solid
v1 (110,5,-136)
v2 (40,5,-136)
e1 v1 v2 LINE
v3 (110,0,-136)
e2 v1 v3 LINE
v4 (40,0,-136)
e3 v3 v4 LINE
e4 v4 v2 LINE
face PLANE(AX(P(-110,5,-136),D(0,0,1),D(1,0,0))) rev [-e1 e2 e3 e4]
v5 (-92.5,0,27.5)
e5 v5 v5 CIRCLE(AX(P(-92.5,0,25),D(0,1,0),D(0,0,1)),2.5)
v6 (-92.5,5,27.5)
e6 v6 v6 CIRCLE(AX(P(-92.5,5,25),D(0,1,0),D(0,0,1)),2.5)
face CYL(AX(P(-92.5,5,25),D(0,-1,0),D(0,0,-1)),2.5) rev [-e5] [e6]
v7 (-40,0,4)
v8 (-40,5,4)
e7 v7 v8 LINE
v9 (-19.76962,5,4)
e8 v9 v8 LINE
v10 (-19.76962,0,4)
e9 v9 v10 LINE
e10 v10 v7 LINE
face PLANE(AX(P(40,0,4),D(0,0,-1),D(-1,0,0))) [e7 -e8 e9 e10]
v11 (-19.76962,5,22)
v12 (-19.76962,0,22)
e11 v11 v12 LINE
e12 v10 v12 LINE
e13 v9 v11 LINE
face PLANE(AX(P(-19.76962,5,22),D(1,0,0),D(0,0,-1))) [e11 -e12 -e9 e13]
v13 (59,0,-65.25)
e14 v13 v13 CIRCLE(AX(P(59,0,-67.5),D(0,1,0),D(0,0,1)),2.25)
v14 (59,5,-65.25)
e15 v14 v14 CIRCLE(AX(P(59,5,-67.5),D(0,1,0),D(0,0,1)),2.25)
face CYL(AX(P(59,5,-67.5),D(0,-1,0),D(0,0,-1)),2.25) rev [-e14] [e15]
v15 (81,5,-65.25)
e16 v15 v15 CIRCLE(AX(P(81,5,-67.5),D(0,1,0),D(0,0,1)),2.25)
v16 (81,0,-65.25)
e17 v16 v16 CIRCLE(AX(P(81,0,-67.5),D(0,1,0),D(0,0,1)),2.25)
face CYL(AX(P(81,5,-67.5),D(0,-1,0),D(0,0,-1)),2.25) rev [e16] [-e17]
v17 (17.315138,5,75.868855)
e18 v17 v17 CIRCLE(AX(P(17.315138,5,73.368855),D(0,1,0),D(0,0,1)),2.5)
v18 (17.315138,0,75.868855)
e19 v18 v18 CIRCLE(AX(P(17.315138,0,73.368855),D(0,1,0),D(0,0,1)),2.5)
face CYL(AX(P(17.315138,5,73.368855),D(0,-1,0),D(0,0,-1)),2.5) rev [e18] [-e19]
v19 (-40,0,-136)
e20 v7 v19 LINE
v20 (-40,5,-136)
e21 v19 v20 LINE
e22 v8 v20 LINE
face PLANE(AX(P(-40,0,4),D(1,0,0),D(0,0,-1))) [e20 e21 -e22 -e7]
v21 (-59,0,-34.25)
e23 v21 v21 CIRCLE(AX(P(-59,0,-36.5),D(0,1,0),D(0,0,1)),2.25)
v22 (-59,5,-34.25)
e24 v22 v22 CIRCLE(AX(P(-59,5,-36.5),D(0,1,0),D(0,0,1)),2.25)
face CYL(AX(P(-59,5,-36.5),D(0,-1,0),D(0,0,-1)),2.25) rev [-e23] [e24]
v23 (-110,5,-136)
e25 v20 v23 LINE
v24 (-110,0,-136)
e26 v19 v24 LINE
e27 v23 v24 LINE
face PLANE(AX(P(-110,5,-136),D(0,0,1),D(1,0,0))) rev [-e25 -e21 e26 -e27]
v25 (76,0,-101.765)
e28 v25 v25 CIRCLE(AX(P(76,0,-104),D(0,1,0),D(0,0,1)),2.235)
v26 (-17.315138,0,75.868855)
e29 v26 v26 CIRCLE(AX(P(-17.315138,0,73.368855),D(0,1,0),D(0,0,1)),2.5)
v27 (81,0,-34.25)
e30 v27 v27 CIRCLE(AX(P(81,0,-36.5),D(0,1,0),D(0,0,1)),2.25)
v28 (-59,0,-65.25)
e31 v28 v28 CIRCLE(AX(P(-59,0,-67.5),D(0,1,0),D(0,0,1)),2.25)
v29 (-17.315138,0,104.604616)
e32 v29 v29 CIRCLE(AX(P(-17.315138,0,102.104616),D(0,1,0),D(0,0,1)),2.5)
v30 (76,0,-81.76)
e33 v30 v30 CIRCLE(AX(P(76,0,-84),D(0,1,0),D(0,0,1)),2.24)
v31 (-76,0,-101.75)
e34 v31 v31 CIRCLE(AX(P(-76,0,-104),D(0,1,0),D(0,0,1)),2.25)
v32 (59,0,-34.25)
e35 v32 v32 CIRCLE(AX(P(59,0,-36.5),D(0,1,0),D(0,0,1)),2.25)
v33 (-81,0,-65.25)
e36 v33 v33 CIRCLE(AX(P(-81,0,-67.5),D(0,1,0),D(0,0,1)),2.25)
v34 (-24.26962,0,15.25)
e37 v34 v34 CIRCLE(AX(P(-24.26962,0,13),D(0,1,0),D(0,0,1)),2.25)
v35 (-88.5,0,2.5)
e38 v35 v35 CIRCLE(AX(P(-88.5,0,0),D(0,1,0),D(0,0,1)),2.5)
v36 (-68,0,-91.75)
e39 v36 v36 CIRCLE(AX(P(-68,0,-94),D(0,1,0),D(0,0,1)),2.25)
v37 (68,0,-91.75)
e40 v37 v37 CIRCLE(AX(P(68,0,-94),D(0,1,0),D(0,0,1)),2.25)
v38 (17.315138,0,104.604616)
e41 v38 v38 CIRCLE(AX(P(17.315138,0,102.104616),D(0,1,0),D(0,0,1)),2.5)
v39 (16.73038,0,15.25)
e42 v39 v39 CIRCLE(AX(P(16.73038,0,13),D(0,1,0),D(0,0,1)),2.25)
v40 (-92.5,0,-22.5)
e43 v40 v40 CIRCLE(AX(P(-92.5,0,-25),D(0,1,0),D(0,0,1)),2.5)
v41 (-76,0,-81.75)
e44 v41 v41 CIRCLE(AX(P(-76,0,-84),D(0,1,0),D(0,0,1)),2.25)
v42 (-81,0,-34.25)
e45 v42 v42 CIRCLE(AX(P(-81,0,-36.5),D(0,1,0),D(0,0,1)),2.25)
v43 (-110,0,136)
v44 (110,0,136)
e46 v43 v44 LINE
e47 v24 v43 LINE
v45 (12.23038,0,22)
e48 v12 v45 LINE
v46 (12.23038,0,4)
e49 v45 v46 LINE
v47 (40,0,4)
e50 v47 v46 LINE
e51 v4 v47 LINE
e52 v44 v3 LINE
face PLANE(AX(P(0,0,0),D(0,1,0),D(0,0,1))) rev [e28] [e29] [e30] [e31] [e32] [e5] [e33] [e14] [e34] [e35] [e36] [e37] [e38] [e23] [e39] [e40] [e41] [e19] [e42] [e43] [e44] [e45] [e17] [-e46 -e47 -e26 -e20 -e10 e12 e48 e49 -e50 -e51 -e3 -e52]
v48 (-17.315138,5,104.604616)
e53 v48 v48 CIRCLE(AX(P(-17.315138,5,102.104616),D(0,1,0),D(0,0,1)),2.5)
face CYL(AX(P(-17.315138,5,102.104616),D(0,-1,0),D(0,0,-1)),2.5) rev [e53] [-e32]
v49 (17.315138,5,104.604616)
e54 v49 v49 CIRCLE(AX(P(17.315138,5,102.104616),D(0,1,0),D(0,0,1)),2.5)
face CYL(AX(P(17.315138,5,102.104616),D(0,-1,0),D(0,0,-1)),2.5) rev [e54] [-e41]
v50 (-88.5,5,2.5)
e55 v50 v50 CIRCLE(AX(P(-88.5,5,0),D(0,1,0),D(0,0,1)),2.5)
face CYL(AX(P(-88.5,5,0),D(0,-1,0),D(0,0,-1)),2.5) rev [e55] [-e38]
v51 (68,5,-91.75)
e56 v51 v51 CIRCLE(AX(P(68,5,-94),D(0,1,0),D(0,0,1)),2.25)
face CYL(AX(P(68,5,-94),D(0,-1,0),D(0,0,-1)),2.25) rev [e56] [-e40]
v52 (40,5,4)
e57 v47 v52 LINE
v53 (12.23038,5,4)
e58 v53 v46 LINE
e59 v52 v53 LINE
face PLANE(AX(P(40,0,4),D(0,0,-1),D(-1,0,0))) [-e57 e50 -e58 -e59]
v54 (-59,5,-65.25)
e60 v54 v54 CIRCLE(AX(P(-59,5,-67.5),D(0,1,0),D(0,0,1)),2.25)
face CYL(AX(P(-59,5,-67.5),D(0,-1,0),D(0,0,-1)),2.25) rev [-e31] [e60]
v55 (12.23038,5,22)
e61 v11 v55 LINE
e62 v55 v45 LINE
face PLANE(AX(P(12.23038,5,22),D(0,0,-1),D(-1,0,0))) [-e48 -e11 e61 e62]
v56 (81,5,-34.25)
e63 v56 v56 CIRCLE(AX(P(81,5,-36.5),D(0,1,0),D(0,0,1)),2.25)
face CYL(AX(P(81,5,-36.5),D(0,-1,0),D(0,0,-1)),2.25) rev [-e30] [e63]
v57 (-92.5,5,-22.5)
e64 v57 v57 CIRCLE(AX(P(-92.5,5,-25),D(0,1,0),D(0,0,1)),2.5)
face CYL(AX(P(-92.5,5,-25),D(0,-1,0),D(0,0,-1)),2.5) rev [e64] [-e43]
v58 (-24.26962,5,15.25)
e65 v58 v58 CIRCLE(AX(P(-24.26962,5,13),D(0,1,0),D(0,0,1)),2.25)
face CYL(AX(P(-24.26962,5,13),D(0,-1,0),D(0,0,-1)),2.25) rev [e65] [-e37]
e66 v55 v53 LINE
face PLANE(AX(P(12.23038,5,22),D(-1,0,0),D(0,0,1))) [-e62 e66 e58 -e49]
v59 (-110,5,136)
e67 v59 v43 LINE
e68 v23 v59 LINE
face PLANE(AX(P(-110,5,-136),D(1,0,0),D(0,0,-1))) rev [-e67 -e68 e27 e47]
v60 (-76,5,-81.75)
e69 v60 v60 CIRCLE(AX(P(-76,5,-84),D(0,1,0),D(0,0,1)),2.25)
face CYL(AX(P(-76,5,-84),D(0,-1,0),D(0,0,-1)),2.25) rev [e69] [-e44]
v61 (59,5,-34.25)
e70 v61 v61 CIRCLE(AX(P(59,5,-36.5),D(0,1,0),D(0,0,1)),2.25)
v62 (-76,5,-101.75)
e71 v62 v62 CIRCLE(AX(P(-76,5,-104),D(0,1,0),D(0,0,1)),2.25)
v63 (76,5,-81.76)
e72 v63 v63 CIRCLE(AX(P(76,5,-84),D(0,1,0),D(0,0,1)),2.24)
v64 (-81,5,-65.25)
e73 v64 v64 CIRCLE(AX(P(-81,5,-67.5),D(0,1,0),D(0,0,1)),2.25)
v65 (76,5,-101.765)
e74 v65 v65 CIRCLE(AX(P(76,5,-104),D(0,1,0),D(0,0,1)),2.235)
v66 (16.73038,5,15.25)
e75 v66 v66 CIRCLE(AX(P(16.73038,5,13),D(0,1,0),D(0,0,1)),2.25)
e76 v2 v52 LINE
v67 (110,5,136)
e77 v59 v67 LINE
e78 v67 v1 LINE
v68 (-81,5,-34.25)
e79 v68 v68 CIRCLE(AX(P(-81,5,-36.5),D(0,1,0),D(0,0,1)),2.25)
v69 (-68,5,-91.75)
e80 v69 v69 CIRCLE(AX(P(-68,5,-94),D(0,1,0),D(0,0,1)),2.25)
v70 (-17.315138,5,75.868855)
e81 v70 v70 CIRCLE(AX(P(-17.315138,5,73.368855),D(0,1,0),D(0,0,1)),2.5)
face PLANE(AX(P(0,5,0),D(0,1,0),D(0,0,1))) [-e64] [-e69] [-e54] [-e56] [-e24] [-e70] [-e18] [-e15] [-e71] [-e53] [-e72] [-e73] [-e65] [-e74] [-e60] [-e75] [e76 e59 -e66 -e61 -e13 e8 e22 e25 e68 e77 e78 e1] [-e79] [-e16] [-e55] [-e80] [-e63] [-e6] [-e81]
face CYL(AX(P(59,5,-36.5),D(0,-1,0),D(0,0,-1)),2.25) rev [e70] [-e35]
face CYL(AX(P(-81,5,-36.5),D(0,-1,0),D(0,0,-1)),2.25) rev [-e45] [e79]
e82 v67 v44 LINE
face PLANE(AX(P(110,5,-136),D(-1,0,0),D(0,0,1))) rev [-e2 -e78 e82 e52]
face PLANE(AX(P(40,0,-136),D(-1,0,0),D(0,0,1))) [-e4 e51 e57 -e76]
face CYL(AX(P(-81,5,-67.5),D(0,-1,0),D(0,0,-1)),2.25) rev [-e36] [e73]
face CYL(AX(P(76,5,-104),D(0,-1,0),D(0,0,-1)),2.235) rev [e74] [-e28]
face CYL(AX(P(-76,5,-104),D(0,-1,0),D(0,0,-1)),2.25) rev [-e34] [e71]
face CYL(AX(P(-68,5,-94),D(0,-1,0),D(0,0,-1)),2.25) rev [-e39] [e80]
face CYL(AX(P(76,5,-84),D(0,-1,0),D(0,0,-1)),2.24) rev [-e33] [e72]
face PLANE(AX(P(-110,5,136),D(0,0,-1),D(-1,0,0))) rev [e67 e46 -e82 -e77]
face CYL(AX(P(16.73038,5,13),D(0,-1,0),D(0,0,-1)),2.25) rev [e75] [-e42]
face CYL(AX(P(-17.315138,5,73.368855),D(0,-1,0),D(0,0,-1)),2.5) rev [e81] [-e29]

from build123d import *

# Parameters (mm, degrees)
SKETCH1_W           = 220
SKETCH1_H           = 272
SKETCH1_R           = 2.25
SKETCH1_R_2         = 2.235
SKETCH1_R_3         = 2.24
SKETCH1_R_4         = 2.5
SKETCH1_W_2         = 32
SKETCH1_H_2         = 18
BOSS_EXTRUDE1_DEPTH = 5
CUT_EXTRUDE1_DEPTH  = 175.988571055


with BuildPart() as part:
    # Sketch1 → Boss-Extrude1 (new body)
    with BuildSketch(Plane(origin=(0, 0, 0), x_dir=(1, 0, 0), z_dir=(0, 1, 0))):
        Rectangle(SKETCH1_W, SKETCH1_H)
        with Locations(Location((68, 94, 0), (0, 0, 270))):
            Circle(SKETCH1_R, mode=Mode.SUBTRACT)
        with Locations(Location((76, 104, 0), (0, 0, 270))):
            Circle(SKETCH1_R_2, mode=Mode.SUBTRACT)
        with Locations(Location((76, 84, 0), (0, 0, 270))):
            Circle(SKETCH1_R_3, mode=Mode.SUBTRACT)
        with Locations(Location((-76, 84, 0), (0, 0, 270))):
            Circle(SKETCH1_R, mode=Mode.SUBTRACT)
        with Locations(Location((-68, 94, 0), (0, 0, 270))):
            Circle(SKETCH1_R, mode=Mode.SUBTRACT)
        with Locations(Location((-76, 104, 0), (0, 0, 270))):
            Circle(SKETCH1_R, mode=Mode.SUBTRACT)
        with Locations(Location((-81, 67.5, 0), (0, 0, 270))):
            Circle(SKETCH1_R, mode=Mode.SUBTRACT)
        with Locations(Location((-81, 36.5, 0), (0, 0, 270))):
            Circle(SKETCH1_R, mode=Mode.SUBTRACT)
        with Locations(Location((-59, 67.5, 0), (0, 0, 270))):
            Circle(SKETCH1_R, mode=Mode.SUBTRACT)
        with Locations(Location((-59, 36.5, 0), (0, 0, 270))):
            Circle(SKETCH1_R, mode=Mode.SUBTRACT)
        with Locations(Location((59, 36.5, 0), (0, 0, 270))):
            Circle(SKETCH1_R, mode=Mode.SUBTRACT)
        with Locations(Location((59, 67.5, 0), (0, 0, 270))):
            Circle(SKETCH1_R, mode=Mode.SUBTRACT)
        with Locations(Location((81, 67.5, 0), (0, 0, 270))):
            Circle(SKETCH1_R, mode=Mode.SUBTRACT)
        with Locations(Location((81, 36.5, 0), (0, 0, 270))):
            Circle(SKETCH1_R, mode=Mode.SUBTRACT)
        with Locations(Location((-24.269619723, -13, 0), (0, 0, 270))):
            Circle(SKETCH1_R, mode=Mode.SUBTRACT)
        with Locations(Location((16.730380277, -13, 0), (0, 0, 270))):
            Circle(SKETCH1_R, mode=Mode.SUBTRACT)
        with Locations(Location((-17.315138118, -102.104616257, 0), (0, 0, 270))):
            Circle(SKETCH1_R_4, mode=Mode.SUBTRACT)
        with Locations(Location((17.315138118, -102.104616257, 0), (0, 0, 270))):
            Circle(SKETCH1_R_4, mode=Mode.SUBTRACT)
        with Locations(Location((17.315138118, -73.368855125, 0), (0, 0, 270))):
            Circle(SKETCH1_R_4, mode=Mode.SUBTRACT)
        with Locations(Location((-17.315138118, -73.368855125, 0), (0, 0, 270))):
            Circle(SKETCH1_R_4, mode=Mode.SUBTRACT)
        with Locations(Location((-88.5, 0, 0), (0, 0, 270))):
            Circle(SKETCH1_R_4, mode=Mode.SUBTRACT)
        with Locations(Location((-92.5, 25, 0), (0, 0, 270))):
            Circle(SKETCH1_R_4, mode=Mode.SUBTRACT)
        with Locations(Location((-92.5, -25, 0), (0, 0, 270))):
            Circle(SKETCH1_R_4, mode=Mode.SUBTRACT)
        with Locations((-3.769619723, -13)):
            Rectangle(SKETCH1_W_2, SKETCH1_H_2, mode=Mode.SUBTRACT)
    extrude(amount=BOSS_EXTRUDE1_DEPTH)

    # Sketch3 → Cut-Extrude1 (cut, through all)
    with BuildSketch(Plane(origin=(0, 5, 0), x_dir=(1, 0, 0), z_dir=(0, 1, 0))):
        Polygon((0, 136), (40, 136), (40, -4), (-40, -4), (-40, 136), align=None)
    extrude(amount=-CUT_EXTRUDE1_DEPTH, mode=Mode.SUBTRACT)


solid = part.part
